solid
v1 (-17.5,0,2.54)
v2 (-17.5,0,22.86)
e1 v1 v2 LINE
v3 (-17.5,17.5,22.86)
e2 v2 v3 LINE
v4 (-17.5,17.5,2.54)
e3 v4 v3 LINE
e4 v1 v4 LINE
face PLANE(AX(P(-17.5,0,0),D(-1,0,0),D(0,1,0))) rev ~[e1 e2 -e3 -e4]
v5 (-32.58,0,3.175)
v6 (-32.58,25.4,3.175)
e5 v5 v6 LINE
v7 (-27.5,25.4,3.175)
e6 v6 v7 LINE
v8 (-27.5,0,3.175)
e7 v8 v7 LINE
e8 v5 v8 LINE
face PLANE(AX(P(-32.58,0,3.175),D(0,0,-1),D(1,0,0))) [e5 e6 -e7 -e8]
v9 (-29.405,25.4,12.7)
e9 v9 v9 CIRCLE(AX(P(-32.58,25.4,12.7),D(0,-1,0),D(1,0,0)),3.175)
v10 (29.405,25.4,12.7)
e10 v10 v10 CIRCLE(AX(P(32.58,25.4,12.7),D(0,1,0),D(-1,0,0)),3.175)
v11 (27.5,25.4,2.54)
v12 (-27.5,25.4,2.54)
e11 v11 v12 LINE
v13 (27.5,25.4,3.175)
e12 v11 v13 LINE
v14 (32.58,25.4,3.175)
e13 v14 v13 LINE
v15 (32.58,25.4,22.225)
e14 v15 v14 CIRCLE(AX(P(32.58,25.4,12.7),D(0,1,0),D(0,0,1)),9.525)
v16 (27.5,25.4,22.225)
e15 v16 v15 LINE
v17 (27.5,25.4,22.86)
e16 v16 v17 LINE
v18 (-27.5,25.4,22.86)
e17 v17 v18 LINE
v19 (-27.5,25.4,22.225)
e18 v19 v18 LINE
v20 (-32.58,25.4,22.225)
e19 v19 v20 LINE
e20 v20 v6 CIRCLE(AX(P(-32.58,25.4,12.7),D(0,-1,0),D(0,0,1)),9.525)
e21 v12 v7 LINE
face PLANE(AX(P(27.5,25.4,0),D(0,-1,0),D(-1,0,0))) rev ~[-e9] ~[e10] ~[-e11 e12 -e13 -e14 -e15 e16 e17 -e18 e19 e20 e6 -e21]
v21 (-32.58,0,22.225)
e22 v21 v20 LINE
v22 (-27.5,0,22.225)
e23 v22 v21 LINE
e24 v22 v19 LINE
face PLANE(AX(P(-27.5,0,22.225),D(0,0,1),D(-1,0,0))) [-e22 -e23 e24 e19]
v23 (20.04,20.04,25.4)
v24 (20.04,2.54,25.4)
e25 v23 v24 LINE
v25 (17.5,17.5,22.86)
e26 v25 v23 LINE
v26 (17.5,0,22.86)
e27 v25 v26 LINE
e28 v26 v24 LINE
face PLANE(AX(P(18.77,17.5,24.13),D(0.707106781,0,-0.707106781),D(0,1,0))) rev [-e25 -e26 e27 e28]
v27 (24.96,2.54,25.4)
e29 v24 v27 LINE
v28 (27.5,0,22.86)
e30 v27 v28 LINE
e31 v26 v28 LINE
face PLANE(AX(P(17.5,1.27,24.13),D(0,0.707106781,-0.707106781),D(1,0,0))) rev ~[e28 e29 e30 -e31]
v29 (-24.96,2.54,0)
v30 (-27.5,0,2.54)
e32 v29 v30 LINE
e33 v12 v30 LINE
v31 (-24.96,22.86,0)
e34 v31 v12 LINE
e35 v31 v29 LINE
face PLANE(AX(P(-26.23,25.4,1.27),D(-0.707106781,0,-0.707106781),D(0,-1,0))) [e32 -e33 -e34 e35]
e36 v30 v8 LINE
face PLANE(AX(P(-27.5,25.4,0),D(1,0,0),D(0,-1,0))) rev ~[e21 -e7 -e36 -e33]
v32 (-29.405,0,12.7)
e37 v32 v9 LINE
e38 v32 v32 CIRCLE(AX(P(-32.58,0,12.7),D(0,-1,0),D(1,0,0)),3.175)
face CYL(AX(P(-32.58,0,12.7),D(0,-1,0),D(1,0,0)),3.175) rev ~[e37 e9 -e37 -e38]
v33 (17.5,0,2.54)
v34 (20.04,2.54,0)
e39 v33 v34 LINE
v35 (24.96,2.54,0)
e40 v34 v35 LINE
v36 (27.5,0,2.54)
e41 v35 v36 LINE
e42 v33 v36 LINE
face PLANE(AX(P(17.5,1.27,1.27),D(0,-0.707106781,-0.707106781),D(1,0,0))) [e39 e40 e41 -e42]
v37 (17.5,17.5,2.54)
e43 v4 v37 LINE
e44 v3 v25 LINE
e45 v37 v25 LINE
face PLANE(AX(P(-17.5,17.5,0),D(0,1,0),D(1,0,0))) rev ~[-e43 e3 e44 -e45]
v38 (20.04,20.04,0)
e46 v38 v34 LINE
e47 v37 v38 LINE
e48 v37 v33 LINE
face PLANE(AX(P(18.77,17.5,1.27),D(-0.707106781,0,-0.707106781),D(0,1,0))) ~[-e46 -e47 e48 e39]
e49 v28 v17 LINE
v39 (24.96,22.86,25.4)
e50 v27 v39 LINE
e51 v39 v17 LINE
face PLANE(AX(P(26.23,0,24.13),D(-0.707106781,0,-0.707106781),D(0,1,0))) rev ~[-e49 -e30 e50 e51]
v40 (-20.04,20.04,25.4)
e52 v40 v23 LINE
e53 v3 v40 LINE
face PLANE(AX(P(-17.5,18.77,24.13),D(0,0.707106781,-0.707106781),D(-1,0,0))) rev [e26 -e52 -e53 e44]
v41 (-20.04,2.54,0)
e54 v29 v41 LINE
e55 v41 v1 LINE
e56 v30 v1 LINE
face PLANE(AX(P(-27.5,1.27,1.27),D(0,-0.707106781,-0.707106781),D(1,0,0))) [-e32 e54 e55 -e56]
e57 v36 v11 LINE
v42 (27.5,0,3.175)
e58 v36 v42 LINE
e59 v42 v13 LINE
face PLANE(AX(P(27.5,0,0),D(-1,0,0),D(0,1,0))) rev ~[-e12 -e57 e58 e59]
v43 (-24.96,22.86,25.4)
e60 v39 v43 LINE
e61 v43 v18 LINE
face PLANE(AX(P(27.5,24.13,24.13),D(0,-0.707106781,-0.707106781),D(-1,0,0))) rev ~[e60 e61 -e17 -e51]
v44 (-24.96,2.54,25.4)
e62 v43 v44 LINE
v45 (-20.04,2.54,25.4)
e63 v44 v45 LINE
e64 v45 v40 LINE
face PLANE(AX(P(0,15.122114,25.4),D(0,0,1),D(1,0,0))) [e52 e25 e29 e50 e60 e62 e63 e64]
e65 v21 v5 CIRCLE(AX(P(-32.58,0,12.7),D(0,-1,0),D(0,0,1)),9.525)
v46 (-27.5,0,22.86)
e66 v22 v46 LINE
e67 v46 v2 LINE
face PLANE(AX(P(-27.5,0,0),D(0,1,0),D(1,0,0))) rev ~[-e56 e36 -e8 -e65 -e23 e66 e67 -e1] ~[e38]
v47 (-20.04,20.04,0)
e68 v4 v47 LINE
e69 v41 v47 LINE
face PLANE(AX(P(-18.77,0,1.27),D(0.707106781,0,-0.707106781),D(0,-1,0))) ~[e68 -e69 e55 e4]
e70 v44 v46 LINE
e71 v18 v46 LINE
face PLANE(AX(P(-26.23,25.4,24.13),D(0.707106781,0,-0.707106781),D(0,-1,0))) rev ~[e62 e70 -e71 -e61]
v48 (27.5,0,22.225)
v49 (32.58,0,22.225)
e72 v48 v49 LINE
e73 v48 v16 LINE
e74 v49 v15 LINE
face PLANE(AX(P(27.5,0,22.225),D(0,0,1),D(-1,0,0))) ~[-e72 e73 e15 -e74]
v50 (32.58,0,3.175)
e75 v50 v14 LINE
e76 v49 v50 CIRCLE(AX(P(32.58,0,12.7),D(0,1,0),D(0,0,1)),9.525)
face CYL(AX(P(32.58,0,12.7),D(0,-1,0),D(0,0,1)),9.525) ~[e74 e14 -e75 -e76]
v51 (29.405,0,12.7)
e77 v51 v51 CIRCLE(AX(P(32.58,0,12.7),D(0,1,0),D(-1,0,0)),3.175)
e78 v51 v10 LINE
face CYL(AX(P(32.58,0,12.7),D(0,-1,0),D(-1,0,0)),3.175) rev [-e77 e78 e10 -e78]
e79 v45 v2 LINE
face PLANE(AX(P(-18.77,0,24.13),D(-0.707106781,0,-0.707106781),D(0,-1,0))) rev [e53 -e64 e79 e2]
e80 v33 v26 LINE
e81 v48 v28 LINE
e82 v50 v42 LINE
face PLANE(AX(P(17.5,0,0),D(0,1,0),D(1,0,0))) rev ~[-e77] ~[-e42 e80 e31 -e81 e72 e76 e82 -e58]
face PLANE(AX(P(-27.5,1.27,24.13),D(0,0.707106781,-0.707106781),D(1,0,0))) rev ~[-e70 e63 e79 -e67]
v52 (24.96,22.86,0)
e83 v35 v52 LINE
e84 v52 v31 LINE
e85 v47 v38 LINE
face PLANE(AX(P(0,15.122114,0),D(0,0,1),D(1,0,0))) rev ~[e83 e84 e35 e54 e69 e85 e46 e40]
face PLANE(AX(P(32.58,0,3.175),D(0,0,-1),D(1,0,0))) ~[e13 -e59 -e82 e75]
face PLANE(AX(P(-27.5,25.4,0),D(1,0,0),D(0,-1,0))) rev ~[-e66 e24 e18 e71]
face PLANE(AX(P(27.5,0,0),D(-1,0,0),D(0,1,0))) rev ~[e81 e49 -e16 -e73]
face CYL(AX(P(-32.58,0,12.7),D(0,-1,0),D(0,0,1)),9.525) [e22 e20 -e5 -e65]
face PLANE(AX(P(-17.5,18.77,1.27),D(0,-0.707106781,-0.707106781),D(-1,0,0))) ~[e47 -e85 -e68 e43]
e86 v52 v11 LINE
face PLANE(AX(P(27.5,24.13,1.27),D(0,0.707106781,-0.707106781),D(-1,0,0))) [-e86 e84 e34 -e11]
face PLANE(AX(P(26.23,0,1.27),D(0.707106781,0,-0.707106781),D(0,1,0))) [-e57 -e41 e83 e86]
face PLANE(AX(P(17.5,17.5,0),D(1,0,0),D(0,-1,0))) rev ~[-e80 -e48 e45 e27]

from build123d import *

# Parameters (mm, degrees)
F1_DEPTH = 25.4
F2_R     = 3.175
F3_DEPTH = 25.4
F4_SIZE  = 2.54


with BuildPart() as f1:
    # F0 (on Top) → F1 (new body)
    with BuildSketch(Plane.XY):
        Polygon((-17.5, 17.5), (17.5, 17.5), (17.5, 0), (27.5, 0), (27.5, 25.4), (-27.5, 25.4), (-27.5, 0), (-17.5, 0), align=None)
    extrude(amount=F1_DEPTH)

    # F2 (on Front) → F3 (join)
    with BuildSketch(Plane.XZ):
        with BuildLine():
            Line((-27.5, 3.175), (-27.5, 22.225))
            Line((-27.5, 22.225), (-32.58, 22.225))
            ThreePointArc((-32.58, 22.225), (-42.105, 12.7), (-32.58, 3.175))
            Line((-32.58, 3.175), (-27.5, 3.175))
        make_face()
        with Locations((-32.58, 12.7)):
            Circle(F2_R, mode=Mode.SUBTRACT)
    extrude(amount=-F3_DEPTH)

    # F4
    f4_edges = [f1.edges().sort_by_distance(p)[0] for p in [
        (0, 17.5, 0),
        (17.5, 8.75, 0),
        (22.5, 0, 0),
        (27.5, 12.7, 0),
        (0, 25.4, 0),
        (-27.5, 12.7, 0),
        (-22.5, 0, 0),
        (-17.5, 8.75, 0),
        (0, 17.5, 25.4),
        (17.5, 8.75, 25.4),
        (22.5, 0, 25.4),
        (27.5, 12.7, 25.4),
        (0, 25.4, 25.4),
        (-27.5, 12.7, 25.4),
        (-22.5, 0, 25.4),
        (-17.5, 8.75, 25.4),
    ]]
    chamfer(f4_edges, length=F4_SIZE)

    # F5: F1 across plane


with BuildPart() as f1_1:
    add(f1.part)
    add(f1.part.mirror(Plane.YZ))


solid = f1_1.part
